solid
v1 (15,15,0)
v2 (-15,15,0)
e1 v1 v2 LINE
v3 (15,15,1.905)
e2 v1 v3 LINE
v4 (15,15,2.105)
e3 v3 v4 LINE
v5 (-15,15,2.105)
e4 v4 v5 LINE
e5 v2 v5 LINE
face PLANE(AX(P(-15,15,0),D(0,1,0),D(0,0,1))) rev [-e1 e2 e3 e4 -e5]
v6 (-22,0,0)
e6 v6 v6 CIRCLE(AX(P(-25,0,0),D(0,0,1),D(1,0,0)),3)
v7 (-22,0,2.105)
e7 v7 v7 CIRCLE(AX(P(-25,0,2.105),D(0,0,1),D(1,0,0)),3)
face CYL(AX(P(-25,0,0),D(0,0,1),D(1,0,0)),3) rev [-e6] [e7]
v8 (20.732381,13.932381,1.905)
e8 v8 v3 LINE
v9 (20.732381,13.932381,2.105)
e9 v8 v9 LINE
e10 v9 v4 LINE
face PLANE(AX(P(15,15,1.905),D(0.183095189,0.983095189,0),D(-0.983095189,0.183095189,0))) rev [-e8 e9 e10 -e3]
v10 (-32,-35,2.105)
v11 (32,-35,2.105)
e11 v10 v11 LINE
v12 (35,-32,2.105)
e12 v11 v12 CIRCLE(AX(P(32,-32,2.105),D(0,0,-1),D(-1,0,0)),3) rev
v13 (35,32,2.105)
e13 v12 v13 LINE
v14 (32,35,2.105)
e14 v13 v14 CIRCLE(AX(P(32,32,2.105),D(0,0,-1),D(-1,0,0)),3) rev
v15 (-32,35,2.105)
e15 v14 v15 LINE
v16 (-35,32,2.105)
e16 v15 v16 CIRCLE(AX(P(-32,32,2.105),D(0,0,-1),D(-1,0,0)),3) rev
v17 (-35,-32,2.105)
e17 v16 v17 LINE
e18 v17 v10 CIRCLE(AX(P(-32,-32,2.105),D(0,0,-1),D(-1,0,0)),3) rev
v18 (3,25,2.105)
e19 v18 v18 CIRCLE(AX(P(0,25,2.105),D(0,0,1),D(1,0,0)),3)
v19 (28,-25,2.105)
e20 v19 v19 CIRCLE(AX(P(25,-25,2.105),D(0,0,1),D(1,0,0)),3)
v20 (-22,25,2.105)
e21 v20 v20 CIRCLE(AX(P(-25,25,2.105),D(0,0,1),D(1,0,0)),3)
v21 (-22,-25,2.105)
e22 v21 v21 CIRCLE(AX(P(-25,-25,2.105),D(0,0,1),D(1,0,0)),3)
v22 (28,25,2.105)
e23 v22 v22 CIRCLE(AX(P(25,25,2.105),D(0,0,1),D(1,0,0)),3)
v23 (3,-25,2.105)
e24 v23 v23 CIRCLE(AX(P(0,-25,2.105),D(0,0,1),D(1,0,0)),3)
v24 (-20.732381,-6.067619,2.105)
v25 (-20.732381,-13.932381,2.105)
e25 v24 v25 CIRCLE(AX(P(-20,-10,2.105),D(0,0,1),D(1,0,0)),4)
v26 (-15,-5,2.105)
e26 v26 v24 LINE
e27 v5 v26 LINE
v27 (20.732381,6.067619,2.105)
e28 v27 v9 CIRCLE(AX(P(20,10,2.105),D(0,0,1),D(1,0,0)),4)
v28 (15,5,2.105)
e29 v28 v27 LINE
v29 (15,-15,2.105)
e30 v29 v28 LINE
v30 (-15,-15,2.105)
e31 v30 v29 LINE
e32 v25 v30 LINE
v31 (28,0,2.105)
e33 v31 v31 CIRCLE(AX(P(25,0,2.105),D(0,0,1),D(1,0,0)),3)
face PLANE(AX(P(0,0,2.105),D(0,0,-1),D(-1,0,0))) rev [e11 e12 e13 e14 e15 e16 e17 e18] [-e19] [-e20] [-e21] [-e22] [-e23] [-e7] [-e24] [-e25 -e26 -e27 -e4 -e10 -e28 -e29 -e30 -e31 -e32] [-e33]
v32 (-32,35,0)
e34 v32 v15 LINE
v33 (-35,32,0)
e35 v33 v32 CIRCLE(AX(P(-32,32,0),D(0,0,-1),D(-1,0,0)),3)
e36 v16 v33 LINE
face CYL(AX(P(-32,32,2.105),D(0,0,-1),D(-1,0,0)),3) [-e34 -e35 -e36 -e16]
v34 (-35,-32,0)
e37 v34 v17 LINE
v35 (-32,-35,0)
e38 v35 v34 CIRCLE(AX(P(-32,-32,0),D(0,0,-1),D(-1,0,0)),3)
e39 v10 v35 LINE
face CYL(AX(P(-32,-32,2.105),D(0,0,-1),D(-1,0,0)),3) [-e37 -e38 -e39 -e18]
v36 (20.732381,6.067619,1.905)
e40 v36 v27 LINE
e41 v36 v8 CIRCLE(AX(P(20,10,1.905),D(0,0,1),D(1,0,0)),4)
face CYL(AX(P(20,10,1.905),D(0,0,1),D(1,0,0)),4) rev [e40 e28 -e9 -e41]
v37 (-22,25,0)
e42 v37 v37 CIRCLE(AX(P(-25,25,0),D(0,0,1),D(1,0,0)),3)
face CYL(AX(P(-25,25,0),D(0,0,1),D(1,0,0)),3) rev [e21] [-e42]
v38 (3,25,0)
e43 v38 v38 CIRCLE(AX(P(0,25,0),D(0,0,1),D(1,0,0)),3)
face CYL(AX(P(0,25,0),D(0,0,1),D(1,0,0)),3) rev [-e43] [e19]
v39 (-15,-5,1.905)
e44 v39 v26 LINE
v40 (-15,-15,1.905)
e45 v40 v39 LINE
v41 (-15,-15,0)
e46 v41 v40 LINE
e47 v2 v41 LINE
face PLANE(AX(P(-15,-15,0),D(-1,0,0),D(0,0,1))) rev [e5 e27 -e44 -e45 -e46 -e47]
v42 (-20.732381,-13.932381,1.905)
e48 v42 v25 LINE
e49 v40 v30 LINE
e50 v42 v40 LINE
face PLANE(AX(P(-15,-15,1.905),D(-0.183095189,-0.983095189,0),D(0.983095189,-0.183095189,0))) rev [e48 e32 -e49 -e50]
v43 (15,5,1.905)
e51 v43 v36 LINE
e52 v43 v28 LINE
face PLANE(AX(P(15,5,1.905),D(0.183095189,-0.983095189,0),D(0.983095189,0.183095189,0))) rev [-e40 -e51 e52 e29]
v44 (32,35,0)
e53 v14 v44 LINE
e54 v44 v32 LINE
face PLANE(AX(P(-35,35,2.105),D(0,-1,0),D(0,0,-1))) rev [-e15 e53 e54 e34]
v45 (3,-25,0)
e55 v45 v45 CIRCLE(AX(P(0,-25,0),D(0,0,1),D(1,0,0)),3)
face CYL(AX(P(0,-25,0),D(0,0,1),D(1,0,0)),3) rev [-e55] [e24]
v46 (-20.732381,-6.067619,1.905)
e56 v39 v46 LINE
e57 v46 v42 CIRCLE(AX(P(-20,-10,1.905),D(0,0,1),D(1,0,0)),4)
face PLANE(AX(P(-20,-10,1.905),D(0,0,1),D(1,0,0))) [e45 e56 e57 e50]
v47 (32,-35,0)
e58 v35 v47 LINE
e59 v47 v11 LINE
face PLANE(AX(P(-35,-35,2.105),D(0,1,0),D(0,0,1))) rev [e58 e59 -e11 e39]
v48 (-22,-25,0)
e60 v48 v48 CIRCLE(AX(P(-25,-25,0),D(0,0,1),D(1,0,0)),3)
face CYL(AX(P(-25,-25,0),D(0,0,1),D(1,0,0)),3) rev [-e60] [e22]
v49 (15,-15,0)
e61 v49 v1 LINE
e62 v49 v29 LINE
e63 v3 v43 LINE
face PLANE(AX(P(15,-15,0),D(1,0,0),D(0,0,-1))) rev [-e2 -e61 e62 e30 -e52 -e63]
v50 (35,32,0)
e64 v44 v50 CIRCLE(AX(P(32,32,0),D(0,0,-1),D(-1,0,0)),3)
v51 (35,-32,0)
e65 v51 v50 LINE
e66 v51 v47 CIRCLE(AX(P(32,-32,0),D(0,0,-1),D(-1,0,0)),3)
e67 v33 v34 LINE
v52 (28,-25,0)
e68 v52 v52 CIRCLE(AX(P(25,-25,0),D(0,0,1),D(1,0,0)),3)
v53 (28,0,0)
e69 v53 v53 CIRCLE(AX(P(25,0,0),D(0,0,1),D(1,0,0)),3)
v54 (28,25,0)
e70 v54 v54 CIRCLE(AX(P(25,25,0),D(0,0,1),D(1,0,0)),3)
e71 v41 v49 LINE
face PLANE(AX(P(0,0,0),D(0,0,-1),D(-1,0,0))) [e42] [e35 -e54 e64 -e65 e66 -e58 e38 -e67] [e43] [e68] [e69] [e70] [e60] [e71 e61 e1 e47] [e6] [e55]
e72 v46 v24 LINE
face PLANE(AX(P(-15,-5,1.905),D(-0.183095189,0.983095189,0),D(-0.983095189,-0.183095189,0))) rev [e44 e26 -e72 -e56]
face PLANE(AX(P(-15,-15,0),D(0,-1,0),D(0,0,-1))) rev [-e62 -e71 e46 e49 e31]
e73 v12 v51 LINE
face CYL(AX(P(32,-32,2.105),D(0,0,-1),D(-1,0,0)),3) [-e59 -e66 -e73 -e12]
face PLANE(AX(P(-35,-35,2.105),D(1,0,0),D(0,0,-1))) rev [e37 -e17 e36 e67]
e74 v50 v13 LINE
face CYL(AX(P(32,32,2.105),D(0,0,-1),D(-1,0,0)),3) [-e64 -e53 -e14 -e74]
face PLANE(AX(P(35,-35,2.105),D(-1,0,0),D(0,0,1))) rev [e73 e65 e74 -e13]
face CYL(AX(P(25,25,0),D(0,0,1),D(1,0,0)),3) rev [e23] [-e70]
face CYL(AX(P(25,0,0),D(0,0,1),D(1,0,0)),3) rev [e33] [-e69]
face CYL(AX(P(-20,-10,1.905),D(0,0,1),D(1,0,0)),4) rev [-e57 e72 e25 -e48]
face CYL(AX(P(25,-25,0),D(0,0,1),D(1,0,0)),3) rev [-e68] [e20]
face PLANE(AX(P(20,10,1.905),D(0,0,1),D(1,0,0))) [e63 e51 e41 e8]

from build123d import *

# Parameters (mm, degrees)
SKETCH3_W           = 70
SKETCH3_H           = 70
BOSS_EXTRUDE1_DEPTH = 2.105
SKETCH6_R           = 3
SKETCH6_W           = 30
SKETCH6_H           = 30
CUT_EXTRUDE5_DEPTH  = 2.105
CUT_EXTRUDE7_DEPTH  = 0.2
FILLET1_R           = 3


with BuildPart() as part:
    # Sketch3 → Boss-Extrude1 (new body)
    with BuildSketch(Plane.XY):
        Rectangle(SKETCH3_W, SKETCH3_H)
    extrude(amount=BOSS_EXTRUDE1_DEPTH)

    # Sketch6 → Cut-Extrude5 (cut)
    with BuildSketch(Plane.XY.offset(2.105)):
        with Locations((0, 25)):
            Circle(SKETCH6_R)
        with Locations((25, 25)):
            Circle(SKETCH6_R)
        with Locations((25, 0)):
            Circle(SKETCH6_R)
        with Locations((25, -25)):
            Circle(SKETCH6_R)
        with Locations((0, -25)):
            Circle(SKETCH6_R)
        with Locations((-25, -25)):
            Circle(SKETCH6_R)
        with Locations((-25, 0)):
            Circle(SKETCH6_R)
        with Locations((-25, 25)):
            Circle(SKETCH6_R)
        Rectangle(SKETCH6_W, SKETCH6_H)
    extrude(amount=-CUT_EXTRUDE5_DEPTH, mode=Mode.SUBTRACT)

    # Sketch8 → Cut-Extrude7 (cut)
    with BuildSketch(Plane.XY.offset(2.105)):
        with BuildLine():
            Line((15, 5), (15, 15))
            Line((15, 15), (20.732380758, 13.932380758))
            ThreePointArc((20.732380758, 13.932380758), (24, 10), (20.732380758, 6.067619242))
            Line((20.732380758, 6.067619242), (15, 5))
        make_face()
        with BuildLine():
            Line((-15, -15), (-20.732380758, -13.932380758))
            ThreePointArc((-20.732380758, -13.932380758), (-24, -10), (-20.732380758, -6.067619242))
            Line((-20.732380758, -6.067619242), (-15, -5))
            Line((-15, -5), (-15, -15))
        make_face()
    extrude(amount=-CUT_EXTRUDE7_DEPTH, mode=Mode.SUBTRACT)

    # Fillet1
    fillet1_edges = [part.edges().sort_by_distance(p)[0] for p in [
        (35, -35, 1.0525),
        (-35, -35, 1.0525),
        (-35, 35, 1.0525),
        (35, 35, 1.0525),
    ]]
    fillet(fillet1_edges, radius=FILLET1_R)


solid = part.part
